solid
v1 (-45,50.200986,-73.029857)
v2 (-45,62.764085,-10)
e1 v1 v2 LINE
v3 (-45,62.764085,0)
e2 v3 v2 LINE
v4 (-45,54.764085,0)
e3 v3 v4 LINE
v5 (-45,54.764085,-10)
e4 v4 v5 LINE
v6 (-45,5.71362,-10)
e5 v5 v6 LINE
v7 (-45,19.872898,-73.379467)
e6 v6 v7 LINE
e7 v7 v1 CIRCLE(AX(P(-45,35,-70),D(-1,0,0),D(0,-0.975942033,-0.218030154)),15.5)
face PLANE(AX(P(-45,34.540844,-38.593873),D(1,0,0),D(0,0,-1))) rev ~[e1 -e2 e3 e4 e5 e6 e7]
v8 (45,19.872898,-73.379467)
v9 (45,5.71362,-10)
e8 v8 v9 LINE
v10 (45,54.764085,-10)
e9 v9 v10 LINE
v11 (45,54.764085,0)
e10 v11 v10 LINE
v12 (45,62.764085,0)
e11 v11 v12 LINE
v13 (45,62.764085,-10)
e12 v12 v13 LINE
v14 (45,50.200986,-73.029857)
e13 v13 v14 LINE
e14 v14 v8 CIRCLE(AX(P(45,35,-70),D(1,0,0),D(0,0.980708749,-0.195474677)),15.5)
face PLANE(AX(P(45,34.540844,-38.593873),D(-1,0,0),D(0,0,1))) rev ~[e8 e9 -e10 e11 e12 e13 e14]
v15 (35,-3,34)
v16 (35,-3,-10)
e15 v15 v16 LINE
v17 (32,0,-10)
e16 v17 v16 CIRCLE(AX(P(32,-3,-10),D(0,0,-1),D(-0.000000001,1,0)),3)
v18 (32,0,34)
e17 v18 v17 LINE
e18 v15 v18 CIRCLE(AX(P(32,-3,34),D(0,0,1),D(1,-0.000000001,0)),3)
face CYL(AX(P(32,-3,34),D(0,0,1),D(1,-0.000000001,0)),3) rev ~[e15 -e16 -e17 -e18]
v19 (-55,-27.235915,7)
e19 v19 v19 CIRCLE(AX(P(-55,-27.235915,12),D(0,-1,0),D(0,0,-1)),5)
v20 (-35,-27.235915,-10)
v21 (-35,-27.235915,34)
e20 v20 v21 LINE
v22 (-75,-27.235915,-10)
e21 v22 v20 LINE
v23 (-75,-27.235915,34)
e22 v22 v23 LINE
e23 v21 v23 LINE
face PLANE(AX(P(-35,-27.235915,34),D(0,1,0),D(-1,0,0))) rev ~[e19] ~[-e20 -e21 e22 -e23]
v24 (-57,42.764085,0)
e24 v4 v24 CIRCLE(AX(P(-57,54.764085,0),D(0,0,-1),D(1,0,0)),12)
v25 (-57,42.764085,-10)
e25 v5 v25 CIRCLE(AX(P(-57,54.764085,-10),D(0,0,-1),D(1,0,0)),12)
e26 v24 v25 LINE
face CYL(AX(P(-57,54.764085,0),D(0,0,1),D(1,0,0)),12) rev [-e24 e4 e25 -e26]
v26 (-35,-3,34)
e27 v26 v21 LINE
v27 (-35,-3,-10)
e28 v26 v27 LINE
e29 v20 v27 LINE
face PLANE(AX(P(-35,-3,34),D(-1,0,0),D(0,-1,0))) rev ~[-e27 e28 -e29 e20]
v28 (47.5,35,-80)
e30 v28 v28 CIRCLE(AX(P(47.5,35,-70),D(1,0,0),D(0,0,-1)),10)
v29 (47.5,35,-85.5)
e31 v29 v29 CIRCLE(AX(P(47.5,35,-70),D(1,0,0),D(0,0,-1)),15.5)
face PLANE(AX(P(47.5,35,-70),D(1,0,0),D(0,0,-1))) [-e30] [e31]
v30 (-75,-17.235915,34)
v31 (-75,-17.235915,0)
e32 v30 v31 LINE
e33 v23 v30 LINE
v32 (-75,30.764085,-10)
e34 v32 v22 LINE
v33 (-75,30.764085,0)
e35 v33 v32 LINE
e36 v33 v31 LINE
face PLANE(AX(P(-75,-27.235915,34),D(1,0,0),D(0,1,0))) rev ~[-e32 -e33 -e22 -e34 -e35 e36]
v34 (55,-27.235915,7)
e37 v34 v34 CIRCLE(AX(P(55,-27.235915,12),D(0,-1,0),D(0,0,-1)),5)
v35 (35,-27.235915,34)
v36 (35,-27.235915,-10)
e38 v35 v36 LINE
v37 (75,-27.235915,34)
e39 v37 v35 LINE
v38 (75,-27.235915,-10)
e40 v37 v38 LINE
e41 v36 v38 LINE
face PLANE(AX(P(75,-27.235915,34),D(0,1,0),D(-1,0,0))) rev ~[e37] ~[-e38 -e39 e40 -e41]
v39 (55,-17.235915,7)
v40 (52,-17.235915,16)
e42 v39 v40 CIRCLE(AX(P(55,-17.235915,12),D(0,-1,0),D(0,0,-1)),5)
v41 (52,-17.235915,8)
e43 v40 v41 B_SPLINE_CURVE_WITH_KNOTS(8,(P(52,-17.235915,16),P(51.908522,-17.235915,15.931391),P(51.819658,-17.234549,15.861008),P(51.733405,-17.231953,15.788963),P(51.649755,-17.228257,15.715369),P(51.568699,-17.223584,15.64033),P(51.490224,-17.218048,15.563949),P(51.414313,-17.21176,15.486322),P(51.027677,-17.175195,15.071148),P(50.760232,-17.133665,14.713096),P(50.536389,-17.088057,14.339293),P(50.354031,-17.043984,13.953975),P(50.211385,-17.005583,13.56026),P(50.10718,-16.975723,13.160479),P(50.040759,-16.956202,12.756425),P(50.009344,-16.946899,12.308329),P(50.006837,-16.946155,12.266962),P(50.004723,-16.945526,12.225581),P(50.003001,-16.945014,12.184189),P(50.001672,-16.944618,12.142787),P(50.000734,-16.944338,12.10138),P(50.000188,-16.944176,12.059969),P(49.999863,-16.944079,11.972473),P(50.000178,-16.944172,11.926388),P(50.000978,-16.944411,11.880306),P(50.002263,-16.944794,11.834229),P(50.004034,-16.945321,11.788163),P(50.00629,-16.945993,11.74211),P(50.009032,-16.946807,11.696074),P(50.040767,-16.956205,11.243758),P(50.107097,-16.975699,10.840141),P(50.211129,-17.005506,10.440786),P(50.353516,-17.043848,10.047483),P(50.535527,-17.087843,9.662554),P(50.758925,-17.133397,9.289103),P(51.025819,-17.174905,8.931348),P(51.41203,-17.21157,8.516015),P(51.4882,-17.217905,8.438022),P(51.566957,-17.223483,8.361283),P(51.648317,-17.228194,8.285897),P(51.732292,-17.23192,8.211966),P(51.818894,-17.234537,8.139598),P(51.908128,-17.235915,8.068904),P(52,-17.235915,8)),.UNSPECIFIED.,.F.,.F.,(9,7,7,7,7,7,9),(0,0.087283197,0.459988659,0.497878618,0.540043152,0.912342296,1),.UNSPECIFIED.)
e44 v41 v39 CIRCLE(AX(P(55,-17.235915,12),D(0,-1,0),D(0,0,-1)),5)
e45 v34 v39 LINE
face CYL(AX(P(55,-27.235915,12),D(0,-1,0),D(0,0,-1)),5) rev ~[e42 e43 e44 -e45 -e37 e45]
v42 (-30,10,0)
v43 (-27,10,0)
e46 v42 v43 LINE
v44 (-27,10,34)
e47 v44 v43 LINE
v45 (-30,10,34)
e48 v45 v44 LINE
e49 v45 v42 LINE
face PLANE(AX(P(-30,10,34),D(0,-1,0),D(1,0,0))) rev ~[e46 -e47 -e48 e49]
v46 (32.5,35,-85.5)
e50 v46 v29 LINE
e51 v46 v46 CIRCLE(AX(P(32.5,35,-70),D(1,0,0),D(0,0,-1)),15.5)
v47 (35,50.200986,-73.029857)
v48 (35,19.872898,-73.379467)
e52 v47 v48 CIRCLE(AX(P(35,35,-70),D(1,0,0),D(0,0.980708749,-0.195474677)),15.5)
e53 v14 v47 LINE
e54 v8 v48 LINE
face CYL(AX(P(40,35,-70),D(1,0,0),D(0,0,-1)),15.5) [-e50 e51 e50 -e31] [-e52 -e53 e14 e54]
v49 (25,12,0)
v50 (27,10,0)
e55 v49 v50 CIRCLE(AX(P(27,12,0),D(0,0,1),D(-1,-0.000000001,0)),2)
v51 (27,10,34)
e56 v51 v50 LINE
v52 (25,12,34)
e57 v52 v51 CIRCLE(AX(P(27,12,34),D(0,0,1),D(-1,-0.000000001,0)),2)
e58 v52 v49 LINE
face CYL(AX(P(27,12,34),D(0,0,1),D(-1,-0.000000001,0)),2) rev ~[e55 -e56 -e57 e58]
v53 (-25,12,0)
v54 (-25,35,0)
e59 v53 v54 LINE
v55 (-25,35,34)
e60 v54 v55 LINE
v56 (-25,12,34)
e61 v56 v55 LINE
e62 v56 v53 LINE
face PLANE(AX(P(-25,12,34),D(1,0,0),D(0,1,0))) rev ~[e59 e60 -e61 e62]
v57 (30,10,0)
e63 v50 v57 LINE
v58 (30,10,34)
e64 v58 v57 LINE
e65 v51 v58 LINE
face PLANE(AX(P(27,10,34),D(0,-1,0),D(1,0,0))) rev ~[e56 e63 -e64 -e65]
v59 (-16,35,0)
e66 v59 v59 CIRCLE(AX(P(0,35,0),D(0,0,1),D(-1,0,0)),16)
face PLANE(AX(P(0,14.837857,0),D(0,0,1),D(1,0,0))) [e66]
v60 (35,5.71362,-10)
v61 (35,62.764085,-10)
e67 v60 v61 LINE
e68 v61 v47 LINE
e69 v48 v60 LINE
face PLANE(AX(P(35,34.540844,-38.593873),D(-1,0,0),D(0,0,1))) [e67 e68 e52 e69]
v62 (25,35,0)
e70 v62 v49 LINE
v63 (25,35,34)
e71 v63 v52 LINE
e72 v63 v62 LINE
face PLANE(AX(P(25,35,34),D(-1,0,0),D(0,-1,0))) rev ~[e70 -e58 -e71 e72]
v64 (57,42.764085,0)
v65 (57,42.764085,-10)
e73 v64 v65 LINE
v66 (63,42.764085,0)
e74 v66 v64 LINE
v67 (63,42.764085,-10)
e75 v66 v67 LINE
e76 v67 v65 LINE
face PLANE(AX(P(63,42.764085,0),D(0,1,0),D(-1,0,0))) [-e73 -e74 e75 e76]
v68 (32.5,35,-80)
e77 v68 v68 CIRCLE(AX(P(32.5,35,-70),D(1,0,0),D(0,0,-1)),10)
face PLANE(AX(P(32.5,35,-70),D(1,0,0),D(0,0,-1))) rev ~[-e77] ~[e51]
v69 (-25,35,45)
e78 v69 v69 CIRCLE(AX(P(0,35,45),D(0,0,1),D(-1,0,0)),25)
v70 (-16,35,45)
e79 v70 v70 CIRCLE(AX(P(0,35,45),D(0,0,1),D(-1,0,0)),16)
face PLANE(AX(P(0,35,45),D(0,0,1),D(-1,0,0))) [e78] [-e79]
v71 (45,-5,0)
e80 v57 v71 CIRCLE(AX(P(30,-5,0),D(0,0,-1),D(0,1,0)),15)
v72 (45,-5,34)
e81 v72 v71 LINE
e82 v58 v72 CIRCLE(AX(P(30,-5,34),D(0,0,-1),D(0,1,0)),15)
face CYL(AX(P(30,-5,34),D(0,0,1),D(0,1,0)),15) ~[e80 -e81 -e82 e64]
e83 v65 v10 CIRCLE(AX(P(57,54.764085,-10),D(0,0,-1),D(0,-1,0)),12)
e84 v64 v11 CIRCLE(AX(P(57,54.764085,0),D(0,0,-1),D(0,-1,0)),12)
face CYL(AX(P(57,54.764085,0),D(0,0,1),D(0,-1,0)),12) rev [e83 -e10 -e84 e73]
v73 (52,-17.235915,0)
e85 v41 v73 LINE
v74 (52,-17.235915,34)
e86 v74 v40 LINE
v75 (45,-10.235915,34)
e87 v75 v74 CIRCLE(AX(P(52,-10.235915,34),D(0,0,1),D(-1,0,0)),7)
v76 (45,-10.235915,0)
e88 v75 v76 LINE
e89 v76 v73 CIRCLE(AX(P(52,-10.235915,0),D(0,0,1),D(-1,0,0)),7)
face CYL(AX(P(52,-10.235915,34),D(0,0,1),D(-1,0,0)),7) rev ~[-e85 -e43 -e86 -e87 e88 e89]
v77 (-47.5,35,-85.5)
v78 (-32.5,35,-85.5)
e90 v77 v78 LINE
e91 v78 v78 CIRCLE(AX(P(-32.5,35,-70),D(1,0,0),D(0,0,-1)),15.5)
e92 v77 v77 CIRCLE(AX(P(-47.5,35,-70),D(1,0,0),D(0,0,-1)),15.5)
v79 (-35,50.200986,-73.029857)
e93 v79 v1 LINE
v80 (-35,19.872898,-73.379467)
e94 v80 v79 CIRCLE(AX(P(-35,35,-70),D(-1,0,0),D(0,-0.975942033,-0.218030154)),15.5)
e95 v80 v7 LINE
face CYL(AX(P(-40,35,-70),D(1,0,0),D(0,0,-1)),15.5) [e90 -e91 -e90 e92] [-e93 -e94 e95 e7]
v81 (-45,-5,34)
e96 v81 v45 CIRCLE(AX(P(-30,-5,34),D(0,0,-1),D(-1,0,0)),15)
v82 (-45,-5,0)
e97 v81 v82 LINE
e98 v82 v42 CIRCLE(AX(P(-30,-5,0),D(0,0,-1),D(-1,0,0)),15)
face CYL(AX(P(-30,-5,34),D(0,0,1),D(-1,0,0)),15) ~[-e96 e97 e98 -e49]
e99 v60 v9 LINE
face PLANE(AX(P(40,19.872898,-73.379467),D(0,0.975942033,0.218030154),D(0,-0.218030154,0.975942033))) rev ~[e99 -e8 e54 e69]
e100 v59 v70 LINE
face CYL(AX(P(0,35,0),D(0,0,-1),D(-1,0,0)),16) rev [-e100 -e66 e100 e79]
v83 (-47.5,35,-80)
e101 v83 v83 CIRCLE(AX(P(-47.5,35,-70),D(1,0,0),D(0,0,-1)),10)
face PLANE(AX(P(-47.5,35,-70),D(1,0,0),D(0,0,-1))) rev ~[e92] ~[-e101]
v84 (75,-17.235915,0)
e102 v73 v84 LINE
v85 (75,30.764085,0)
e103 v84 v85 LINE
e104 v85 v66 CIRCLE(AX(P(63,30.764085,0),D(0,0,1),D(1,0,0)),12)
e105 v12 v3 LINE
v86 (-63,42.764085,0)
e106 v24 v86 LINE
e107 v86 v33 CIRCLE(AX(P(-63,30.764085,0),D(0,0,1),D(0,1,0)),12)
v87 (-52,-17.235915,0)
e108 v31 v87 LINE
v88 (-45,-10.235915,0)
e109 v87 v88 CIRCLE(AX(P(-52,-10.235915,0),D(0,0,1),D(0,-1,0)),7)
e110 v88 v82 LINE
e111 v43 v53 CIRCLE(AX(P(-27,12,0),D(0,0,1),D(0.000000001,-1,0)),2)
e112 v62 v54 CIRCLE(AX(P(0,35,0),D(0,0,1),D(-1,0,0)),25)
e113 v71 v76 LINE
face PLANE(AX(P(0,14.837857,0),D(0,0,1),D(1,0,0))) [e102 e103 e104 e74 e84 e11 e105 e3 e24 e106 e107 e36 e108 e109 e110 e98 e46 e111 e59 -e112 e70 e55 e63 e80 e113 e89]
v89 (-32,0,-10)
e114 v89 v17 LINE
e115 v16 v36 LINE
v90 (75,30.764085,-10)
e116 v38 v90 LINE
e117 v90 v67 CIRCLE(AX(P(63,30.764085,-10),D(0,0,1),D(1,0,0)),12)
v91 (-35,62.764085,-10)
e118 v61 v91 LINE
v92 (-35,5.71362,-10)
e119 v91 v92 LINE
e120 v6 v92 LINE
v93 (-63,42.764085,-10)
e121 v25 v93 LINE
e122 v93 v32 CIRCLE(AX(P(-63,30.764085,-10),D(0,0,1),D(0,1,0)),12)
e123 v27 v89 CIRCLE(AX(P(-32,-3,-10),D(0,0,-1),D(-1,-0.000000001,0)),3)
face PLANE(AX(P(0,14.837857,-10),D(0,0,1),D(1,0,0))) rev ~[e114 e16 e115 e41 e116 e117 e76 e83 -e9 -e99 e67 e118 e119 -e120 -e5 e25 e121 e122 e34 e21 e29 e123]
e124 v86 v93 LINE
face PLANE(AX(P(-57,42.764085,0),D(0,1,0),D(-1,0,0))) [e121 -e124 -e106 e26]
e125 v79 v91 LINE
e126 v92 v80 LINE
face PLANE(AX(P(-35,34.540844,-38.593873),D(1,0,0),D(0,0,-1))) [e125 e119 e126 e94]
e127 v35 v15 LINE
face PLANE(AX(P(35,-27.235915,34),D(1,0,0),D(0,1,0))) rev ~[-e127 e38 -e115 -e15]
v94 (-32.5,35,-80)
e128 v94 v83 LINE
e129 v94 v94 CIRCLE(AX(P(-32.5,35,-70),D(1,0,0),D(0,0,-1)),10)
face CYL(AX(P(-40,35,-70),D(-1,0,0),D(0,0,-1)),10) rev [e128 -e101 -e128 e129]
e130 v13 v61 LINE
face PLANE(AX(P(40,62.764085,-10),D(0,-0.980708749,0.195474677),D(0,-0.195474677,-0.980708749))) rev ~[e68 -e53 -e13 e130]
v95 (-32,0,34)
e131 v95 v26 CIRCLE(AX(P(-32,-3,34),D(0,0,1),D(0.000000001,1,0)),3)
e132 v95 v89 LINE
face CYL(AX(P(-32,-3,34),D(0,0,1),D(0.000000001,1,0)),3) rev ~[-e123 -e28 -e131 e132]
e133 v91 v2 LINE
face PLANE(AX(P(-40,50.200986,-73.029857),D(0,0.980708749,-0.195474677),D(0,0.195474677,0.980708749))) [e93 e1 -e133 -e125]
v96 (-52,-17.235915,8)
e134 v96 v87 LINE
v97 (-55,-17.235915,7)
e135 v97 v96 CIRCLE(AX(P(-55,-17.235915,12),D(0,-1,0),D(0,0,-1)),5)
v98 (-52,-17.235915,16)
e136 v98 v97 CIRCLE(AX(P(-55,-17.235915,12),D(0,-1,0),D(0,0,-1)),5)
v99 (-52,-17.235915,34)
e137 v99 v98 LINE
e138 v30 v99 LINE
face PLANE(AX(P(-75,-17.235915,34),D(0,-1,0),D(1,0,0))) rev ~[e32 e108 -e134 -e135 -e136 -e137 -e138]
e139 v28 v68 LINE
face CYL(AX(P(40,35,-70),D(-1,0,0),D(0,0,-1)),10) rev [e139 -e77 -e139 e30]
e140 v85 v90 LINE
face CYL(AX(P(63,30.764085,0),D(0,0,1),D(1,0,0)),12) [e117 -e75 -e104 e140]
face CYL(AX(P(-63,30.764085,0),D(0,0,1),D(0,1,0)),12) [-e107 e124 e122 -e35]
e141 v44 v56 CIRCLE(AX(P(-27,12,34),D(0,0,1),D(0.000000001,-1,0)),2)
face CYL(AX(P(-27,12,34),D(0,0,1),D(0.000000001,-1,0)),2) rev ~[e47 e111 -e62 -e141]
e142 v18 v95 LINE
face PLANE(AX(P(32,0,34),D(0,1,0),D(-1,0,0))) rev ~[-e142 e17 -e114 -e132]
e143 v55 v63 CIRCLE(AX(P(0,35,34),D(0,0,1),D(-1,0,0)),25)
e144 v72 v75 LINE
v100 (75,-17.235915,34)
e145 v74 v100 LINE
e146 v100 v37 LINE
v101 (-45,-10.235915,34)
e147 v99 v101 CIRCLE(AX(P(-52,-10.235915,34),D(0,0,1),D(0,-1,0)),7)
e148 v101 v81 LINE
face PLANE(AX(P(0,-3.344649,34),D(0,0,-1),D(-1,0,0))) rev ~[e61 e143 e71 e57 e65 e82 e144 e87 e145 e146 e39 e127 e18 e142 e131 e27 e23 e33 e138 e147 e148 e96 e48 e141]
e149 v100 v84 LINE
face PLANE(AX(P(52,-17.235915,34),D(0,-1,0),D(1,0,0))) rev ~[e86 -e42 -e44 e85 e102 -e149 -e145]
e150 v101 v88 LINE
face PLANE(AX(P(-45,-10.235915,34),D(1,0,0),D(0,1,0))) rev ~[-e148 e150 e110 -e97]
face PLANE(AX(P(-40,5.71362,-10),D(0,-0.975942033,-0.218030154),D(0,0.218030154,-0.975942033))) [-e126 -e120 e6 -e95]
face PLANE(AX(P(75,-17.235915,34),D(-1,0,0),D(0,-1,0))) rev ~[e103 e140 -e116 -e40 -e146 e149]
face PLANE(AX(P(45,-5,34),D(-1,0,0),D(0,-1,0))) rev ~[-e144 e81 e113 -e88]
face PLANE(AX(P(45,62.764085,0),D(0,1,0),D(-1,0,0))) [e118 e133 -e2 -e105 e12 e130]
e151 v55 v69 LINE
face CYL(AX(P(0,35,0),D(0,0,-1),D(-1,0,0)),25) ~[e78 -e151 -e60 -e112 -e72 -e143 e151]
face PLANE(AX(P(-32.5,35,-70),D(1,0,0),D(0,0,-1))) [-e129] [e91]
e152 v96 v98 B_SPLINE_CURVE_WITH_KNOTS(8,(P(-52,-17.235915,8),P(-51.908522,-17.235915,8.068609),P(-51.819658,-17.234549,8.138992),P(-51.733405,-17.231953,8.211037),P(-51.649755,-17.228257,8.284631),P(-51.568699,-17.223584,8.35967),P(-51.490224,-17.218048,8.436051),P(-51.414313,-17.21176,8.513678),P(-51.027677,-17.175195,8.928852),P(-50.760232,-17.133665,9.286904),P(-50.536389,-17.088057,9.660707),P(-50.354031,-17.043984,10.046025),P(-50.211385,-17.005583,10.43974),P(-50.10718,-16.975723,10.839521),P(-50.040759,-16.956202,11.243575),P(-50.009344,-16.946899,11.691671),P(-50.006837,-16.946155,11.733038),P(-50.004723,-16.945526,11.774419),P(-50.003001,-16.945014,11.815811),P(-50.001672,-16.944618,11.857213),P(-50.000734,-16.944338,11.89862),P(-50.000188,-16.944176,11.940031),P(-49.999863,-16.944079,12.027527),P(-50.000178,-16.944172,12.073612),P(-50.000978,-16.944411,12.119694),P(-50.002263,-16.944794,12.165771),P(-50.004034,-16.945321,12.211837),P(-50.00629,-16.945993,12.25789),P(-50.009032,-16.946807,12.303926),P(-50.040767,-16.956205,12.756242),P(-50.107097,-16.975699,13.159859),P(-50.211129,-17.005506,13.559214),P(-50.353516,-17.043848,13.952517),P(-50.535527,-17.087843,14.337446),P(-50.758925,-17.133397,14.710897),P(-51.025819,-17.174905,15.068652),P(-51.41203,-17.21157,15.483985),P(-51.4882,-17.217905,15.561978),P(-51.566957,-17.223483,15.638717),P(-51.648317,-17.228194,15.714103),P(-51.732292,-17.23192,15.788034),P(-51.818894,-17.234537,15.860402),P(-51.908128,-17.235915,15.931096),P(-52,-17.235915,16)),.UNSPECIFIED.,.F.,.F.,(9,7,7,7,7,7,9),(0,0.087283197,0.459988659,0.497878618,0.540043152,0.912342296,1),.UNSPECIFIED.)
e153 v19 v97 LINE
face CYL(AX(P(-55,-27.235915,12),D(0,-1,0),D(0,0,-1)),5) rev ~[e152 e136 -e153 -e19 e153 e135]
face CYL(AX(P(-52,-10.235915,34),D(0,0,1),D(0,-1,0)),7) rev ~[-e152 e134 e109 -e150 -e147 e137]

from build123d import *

# Parameters (mm, degrees)
BOSS_EXTRUDE2_DEPTH  = 10
SKETCH2_R            = 25
SKETCH2_R_2          = 16
BOSS_EXTRUDE4_DEPTH  = 45
BOSS_EXTRUDE5_START  = 34
BOSS_EXTRUDE5_DEPTH  = 34
SKETCH4_R            = 5
CUT_EXTRUDE1_DEPTH   = 34
SKETCH6_R            = 15.5
SKETCH6_R_2          = 10
BOSS_EXTRUDE6_DEPTH  = 7.5
BOSS_EXTRUDE8_DEPTH  = 5
SKETCH8_R            = 15.5
SKETCH8_R_2          = 10
BOSS_EXTRUDE9_DEPTH  = 7.5
BOSS_EXTRUDE10_DEPTH = 5


with BuildPart() as part:
    # Sketch1 → Boss-Extrude2 (new body)
    with BuildSketch(Plane.XY):
        with BuildLine():
            Line((-32, 0), (32, 0))
            ThreePointArc((32, 0), (34.121320344, -0.878679656), (35, -3))
            Line((35, -3), (35, -27.235915493))
            Line((35, -27.235915493), (75, -27.235915493))
            Line((75, -27.235915493), (75, 30.764084507))
            ThreePointArc((75, 30.764084507), (71.485281374, 39.249365881), (63, 42.764084507))
            Line((63, 42.764084507), (57, 42.764084507))
            ThreePointArc((57, 42.764084507), (48.514718626, 46.278803133), (45, 54.764084507))
            Line((45, 54.764084507), (45, 62.764084507))
            Line((45, 62.764084507), (-45, 62.764084507))
            Line((-45, 62.764084507), (-45, 54.764084507))
            ThreePointArc((-45, 54.764084507), (-48.514718626, 46.278803133), (-57, 42.764084507))
            Line((-57, 42.764084507), (-63, 42.764084507))
            ThreePointArc((-63, 42.764084507), (-71.485281374, 39.249365881), (-75, 30.764084507))
            Line((-75, 30.764084507), (-75, -27.235915493))
            Line((-75, -27.235915493), (-35, -27.235915493))
            Line((-35, -27.235915493), (-35, -3))
            ThreePointArc((-35, -3), (-34.121320344, -0.878679656), (-32, 0))
        make_face()
    extrude(amount=-BOSS_EXTRUDE2_DEPTH)

    # Sketch2 → Boss-Extrude4 (add)
    with BuildSketch(Plane.XY):
        with Locations(Location((0, 35, 0), (0, 0, 180))):
            Circle(SKETCH2_R)
        with Locations(Location((0, 35, 0), (0, 0, 180))):
            Circle(SKETCH2_R_2, mode=Mode.SUBTRACT)
    extrude(amount=BOSS_EXTRUDE4_DEPTH)

    # Sketch3 → Boss-Extrude5 (add)
    with BuildSketch(Plane.XY.offset(BOSS_EXTRUDE5_START)):
        with BuildLine():
            Line((-75, -17.235915493), (-52, -17.235915493))
            ThreePointArc((-52, -17.235915493), (-47.050252532, -15.185662961), (-45, -10.235915493))
            Line((-45, -10.235915493), (-45, -5))
            ThreePointArc((-45, -5), (-40.606601718, 5.606601718), (-30, 10))
            Line((-30, 10), (-27, 10))
            ThreePointArc((-27, 10), (-25.585786438, 10.585786438), (-25, 12))
            Line((-25, 12), (-25, 35))
            ThreePointArc((-25, 35), (0, 10), (25, 35))
            Line((25, 35), (25, 12))
            ThreePointArc((25, 12), (25.585786438, 10.585786438), (27, 10))
            Line((27, 10), (30, 10))
            ThreePointArc((30, 10), (40.606601718, 5.606601718), (45, -5))
            Line((45, -5), (45, -10.235915493))
            ThreePointArc((45, -10.235915493), (47.050252532, -15.185662961), (52, -17.235915493))
            Line((52, -17.235915493), (75, -17.235915493))
            Line((75, -17.235915493), (75, -27.235915493))
            Line((75, -27.235915493), (35, -27.235915493))
            Line((35, -27.235915493), (35, -3))
            ThreePointArc((35, -3), (34.121320344, -0.878679656), (32, 0))
            Line((32, 0), (-32, 0))
            ThreePointArc((-32, 0), (-34.121320344, -0.878679656), (-35, -3))
            Line((-35, -3), (-35, -27.235915493))
            Line((-35, -27.235915493), (-75, -27.235915493))
            Line((-75, -27.235915493), (-75, -17.235915493))
        make_face()
    extrude(amount=-BOSS_EXTRUDE5_DEPTH)

    # Sketch4 → Cut-Extrude1 (cut)
    with BuildSketch(Plane.XZ.offset(27.235915493)):
        with Locations(Location((-55, 12, 0), (0, 0, 270))):
            Circle(SKETCH4_R)
        with Locations(Location((55, 12, 0), (0, 0, 270))):
            Circle(SKETCH4_R)
    extrude(amount=-CUT_EXTRUDE1_DEPTH, mode=Mode.SUBTRACT)



with BuildPart() as body_2:
    # Sketch6 → Boss-Extrude6 (new, symmetric)
    with BuildSketch(Plane(origin=(40, 0, 0), x_dir=(0, 0, -1), z_dir=(1, 0, 0))):
        with Locations((70, 35)):
            Circle(SKETCH6_R)
        with Locations((70, 35)):
            Circle(SKETCH6_R_2, mode=Mode.SUBTRACT)
    extrude(amount=BOSS_EXTRUDE6_DEPTH, both=True)


with BuildPart() as part_1:
    add(part.part)

    add(body_2.part)  # Boss-Extrude8 merges body 2
    # Sketch7 → Boss-Extrude8 (add, symmetric)
    with BuildSketch(Plane(origin=(40, 0, 0), x_dir=(0, 0, -1), z_dir=(1, 0, 0))):
        with BuildLine():
            Line((10, 62.764084507), (73.029857486, 50.200985613))
            ThreePointArc((73.029857486, 50.200985613), (54.50102976, 34.821334149), (73.379467389, 19.872898488))
            Line((73.379467389, 19.872898488), (10, 5.71361999))
            Line((10, 5.71361999), (10, 62.764084507))
        make_face()
    extrude(amount=BOSS_EXTRUDE8_DEPTH, both=True)



with BuildPart() as body_2_2:
    # Sketch8 → Boss-Extrude9 (new, symmetric)
    with BuildSketch(Plane(origin=(-40, 0, 0), x_dir=(0, 0, -1), z_dir=(1, 0, 0))):
        with Locations((70, 35)):
            Circle(SKETCH8_R)
        with Locations((70, 35)):
            Circle(SKETCH8_R_2, mode=Mode.SUBTRACT)
    extrude(amount=BOSS_EXTRUDE9_DEPTH, both=True)


with BuildPart() as part_2:
    add(part_1.part)

    add(body_2_2.part)  # Boss-Extrude10 merges body 2 2
    # Sketch9 → Boss-Extrude10 (add, symmetric)
    with BuildSketch(Plane(origin=(-40, 0, 0), x_dir=(0, 0, -1), z_dir=(1, 0, 0))):
        with BuildLine():
            Line((73.029857486, 50.200985613), (10, 62.764084507))
            Line((10, 62.764084507), (10, 5.71361999))
            Line((10, 5.71361999), (73.379467389, 19.872898488))
            ThreePointArc((73.379467389, 19.872898488), (54.50102976, 34.821334149), (73.029857486, 50.200985613))
        make_face()
    extrude(amount=BOSS_EXTRUDE10_DEPTH, both=True)


solid = part_2.part
